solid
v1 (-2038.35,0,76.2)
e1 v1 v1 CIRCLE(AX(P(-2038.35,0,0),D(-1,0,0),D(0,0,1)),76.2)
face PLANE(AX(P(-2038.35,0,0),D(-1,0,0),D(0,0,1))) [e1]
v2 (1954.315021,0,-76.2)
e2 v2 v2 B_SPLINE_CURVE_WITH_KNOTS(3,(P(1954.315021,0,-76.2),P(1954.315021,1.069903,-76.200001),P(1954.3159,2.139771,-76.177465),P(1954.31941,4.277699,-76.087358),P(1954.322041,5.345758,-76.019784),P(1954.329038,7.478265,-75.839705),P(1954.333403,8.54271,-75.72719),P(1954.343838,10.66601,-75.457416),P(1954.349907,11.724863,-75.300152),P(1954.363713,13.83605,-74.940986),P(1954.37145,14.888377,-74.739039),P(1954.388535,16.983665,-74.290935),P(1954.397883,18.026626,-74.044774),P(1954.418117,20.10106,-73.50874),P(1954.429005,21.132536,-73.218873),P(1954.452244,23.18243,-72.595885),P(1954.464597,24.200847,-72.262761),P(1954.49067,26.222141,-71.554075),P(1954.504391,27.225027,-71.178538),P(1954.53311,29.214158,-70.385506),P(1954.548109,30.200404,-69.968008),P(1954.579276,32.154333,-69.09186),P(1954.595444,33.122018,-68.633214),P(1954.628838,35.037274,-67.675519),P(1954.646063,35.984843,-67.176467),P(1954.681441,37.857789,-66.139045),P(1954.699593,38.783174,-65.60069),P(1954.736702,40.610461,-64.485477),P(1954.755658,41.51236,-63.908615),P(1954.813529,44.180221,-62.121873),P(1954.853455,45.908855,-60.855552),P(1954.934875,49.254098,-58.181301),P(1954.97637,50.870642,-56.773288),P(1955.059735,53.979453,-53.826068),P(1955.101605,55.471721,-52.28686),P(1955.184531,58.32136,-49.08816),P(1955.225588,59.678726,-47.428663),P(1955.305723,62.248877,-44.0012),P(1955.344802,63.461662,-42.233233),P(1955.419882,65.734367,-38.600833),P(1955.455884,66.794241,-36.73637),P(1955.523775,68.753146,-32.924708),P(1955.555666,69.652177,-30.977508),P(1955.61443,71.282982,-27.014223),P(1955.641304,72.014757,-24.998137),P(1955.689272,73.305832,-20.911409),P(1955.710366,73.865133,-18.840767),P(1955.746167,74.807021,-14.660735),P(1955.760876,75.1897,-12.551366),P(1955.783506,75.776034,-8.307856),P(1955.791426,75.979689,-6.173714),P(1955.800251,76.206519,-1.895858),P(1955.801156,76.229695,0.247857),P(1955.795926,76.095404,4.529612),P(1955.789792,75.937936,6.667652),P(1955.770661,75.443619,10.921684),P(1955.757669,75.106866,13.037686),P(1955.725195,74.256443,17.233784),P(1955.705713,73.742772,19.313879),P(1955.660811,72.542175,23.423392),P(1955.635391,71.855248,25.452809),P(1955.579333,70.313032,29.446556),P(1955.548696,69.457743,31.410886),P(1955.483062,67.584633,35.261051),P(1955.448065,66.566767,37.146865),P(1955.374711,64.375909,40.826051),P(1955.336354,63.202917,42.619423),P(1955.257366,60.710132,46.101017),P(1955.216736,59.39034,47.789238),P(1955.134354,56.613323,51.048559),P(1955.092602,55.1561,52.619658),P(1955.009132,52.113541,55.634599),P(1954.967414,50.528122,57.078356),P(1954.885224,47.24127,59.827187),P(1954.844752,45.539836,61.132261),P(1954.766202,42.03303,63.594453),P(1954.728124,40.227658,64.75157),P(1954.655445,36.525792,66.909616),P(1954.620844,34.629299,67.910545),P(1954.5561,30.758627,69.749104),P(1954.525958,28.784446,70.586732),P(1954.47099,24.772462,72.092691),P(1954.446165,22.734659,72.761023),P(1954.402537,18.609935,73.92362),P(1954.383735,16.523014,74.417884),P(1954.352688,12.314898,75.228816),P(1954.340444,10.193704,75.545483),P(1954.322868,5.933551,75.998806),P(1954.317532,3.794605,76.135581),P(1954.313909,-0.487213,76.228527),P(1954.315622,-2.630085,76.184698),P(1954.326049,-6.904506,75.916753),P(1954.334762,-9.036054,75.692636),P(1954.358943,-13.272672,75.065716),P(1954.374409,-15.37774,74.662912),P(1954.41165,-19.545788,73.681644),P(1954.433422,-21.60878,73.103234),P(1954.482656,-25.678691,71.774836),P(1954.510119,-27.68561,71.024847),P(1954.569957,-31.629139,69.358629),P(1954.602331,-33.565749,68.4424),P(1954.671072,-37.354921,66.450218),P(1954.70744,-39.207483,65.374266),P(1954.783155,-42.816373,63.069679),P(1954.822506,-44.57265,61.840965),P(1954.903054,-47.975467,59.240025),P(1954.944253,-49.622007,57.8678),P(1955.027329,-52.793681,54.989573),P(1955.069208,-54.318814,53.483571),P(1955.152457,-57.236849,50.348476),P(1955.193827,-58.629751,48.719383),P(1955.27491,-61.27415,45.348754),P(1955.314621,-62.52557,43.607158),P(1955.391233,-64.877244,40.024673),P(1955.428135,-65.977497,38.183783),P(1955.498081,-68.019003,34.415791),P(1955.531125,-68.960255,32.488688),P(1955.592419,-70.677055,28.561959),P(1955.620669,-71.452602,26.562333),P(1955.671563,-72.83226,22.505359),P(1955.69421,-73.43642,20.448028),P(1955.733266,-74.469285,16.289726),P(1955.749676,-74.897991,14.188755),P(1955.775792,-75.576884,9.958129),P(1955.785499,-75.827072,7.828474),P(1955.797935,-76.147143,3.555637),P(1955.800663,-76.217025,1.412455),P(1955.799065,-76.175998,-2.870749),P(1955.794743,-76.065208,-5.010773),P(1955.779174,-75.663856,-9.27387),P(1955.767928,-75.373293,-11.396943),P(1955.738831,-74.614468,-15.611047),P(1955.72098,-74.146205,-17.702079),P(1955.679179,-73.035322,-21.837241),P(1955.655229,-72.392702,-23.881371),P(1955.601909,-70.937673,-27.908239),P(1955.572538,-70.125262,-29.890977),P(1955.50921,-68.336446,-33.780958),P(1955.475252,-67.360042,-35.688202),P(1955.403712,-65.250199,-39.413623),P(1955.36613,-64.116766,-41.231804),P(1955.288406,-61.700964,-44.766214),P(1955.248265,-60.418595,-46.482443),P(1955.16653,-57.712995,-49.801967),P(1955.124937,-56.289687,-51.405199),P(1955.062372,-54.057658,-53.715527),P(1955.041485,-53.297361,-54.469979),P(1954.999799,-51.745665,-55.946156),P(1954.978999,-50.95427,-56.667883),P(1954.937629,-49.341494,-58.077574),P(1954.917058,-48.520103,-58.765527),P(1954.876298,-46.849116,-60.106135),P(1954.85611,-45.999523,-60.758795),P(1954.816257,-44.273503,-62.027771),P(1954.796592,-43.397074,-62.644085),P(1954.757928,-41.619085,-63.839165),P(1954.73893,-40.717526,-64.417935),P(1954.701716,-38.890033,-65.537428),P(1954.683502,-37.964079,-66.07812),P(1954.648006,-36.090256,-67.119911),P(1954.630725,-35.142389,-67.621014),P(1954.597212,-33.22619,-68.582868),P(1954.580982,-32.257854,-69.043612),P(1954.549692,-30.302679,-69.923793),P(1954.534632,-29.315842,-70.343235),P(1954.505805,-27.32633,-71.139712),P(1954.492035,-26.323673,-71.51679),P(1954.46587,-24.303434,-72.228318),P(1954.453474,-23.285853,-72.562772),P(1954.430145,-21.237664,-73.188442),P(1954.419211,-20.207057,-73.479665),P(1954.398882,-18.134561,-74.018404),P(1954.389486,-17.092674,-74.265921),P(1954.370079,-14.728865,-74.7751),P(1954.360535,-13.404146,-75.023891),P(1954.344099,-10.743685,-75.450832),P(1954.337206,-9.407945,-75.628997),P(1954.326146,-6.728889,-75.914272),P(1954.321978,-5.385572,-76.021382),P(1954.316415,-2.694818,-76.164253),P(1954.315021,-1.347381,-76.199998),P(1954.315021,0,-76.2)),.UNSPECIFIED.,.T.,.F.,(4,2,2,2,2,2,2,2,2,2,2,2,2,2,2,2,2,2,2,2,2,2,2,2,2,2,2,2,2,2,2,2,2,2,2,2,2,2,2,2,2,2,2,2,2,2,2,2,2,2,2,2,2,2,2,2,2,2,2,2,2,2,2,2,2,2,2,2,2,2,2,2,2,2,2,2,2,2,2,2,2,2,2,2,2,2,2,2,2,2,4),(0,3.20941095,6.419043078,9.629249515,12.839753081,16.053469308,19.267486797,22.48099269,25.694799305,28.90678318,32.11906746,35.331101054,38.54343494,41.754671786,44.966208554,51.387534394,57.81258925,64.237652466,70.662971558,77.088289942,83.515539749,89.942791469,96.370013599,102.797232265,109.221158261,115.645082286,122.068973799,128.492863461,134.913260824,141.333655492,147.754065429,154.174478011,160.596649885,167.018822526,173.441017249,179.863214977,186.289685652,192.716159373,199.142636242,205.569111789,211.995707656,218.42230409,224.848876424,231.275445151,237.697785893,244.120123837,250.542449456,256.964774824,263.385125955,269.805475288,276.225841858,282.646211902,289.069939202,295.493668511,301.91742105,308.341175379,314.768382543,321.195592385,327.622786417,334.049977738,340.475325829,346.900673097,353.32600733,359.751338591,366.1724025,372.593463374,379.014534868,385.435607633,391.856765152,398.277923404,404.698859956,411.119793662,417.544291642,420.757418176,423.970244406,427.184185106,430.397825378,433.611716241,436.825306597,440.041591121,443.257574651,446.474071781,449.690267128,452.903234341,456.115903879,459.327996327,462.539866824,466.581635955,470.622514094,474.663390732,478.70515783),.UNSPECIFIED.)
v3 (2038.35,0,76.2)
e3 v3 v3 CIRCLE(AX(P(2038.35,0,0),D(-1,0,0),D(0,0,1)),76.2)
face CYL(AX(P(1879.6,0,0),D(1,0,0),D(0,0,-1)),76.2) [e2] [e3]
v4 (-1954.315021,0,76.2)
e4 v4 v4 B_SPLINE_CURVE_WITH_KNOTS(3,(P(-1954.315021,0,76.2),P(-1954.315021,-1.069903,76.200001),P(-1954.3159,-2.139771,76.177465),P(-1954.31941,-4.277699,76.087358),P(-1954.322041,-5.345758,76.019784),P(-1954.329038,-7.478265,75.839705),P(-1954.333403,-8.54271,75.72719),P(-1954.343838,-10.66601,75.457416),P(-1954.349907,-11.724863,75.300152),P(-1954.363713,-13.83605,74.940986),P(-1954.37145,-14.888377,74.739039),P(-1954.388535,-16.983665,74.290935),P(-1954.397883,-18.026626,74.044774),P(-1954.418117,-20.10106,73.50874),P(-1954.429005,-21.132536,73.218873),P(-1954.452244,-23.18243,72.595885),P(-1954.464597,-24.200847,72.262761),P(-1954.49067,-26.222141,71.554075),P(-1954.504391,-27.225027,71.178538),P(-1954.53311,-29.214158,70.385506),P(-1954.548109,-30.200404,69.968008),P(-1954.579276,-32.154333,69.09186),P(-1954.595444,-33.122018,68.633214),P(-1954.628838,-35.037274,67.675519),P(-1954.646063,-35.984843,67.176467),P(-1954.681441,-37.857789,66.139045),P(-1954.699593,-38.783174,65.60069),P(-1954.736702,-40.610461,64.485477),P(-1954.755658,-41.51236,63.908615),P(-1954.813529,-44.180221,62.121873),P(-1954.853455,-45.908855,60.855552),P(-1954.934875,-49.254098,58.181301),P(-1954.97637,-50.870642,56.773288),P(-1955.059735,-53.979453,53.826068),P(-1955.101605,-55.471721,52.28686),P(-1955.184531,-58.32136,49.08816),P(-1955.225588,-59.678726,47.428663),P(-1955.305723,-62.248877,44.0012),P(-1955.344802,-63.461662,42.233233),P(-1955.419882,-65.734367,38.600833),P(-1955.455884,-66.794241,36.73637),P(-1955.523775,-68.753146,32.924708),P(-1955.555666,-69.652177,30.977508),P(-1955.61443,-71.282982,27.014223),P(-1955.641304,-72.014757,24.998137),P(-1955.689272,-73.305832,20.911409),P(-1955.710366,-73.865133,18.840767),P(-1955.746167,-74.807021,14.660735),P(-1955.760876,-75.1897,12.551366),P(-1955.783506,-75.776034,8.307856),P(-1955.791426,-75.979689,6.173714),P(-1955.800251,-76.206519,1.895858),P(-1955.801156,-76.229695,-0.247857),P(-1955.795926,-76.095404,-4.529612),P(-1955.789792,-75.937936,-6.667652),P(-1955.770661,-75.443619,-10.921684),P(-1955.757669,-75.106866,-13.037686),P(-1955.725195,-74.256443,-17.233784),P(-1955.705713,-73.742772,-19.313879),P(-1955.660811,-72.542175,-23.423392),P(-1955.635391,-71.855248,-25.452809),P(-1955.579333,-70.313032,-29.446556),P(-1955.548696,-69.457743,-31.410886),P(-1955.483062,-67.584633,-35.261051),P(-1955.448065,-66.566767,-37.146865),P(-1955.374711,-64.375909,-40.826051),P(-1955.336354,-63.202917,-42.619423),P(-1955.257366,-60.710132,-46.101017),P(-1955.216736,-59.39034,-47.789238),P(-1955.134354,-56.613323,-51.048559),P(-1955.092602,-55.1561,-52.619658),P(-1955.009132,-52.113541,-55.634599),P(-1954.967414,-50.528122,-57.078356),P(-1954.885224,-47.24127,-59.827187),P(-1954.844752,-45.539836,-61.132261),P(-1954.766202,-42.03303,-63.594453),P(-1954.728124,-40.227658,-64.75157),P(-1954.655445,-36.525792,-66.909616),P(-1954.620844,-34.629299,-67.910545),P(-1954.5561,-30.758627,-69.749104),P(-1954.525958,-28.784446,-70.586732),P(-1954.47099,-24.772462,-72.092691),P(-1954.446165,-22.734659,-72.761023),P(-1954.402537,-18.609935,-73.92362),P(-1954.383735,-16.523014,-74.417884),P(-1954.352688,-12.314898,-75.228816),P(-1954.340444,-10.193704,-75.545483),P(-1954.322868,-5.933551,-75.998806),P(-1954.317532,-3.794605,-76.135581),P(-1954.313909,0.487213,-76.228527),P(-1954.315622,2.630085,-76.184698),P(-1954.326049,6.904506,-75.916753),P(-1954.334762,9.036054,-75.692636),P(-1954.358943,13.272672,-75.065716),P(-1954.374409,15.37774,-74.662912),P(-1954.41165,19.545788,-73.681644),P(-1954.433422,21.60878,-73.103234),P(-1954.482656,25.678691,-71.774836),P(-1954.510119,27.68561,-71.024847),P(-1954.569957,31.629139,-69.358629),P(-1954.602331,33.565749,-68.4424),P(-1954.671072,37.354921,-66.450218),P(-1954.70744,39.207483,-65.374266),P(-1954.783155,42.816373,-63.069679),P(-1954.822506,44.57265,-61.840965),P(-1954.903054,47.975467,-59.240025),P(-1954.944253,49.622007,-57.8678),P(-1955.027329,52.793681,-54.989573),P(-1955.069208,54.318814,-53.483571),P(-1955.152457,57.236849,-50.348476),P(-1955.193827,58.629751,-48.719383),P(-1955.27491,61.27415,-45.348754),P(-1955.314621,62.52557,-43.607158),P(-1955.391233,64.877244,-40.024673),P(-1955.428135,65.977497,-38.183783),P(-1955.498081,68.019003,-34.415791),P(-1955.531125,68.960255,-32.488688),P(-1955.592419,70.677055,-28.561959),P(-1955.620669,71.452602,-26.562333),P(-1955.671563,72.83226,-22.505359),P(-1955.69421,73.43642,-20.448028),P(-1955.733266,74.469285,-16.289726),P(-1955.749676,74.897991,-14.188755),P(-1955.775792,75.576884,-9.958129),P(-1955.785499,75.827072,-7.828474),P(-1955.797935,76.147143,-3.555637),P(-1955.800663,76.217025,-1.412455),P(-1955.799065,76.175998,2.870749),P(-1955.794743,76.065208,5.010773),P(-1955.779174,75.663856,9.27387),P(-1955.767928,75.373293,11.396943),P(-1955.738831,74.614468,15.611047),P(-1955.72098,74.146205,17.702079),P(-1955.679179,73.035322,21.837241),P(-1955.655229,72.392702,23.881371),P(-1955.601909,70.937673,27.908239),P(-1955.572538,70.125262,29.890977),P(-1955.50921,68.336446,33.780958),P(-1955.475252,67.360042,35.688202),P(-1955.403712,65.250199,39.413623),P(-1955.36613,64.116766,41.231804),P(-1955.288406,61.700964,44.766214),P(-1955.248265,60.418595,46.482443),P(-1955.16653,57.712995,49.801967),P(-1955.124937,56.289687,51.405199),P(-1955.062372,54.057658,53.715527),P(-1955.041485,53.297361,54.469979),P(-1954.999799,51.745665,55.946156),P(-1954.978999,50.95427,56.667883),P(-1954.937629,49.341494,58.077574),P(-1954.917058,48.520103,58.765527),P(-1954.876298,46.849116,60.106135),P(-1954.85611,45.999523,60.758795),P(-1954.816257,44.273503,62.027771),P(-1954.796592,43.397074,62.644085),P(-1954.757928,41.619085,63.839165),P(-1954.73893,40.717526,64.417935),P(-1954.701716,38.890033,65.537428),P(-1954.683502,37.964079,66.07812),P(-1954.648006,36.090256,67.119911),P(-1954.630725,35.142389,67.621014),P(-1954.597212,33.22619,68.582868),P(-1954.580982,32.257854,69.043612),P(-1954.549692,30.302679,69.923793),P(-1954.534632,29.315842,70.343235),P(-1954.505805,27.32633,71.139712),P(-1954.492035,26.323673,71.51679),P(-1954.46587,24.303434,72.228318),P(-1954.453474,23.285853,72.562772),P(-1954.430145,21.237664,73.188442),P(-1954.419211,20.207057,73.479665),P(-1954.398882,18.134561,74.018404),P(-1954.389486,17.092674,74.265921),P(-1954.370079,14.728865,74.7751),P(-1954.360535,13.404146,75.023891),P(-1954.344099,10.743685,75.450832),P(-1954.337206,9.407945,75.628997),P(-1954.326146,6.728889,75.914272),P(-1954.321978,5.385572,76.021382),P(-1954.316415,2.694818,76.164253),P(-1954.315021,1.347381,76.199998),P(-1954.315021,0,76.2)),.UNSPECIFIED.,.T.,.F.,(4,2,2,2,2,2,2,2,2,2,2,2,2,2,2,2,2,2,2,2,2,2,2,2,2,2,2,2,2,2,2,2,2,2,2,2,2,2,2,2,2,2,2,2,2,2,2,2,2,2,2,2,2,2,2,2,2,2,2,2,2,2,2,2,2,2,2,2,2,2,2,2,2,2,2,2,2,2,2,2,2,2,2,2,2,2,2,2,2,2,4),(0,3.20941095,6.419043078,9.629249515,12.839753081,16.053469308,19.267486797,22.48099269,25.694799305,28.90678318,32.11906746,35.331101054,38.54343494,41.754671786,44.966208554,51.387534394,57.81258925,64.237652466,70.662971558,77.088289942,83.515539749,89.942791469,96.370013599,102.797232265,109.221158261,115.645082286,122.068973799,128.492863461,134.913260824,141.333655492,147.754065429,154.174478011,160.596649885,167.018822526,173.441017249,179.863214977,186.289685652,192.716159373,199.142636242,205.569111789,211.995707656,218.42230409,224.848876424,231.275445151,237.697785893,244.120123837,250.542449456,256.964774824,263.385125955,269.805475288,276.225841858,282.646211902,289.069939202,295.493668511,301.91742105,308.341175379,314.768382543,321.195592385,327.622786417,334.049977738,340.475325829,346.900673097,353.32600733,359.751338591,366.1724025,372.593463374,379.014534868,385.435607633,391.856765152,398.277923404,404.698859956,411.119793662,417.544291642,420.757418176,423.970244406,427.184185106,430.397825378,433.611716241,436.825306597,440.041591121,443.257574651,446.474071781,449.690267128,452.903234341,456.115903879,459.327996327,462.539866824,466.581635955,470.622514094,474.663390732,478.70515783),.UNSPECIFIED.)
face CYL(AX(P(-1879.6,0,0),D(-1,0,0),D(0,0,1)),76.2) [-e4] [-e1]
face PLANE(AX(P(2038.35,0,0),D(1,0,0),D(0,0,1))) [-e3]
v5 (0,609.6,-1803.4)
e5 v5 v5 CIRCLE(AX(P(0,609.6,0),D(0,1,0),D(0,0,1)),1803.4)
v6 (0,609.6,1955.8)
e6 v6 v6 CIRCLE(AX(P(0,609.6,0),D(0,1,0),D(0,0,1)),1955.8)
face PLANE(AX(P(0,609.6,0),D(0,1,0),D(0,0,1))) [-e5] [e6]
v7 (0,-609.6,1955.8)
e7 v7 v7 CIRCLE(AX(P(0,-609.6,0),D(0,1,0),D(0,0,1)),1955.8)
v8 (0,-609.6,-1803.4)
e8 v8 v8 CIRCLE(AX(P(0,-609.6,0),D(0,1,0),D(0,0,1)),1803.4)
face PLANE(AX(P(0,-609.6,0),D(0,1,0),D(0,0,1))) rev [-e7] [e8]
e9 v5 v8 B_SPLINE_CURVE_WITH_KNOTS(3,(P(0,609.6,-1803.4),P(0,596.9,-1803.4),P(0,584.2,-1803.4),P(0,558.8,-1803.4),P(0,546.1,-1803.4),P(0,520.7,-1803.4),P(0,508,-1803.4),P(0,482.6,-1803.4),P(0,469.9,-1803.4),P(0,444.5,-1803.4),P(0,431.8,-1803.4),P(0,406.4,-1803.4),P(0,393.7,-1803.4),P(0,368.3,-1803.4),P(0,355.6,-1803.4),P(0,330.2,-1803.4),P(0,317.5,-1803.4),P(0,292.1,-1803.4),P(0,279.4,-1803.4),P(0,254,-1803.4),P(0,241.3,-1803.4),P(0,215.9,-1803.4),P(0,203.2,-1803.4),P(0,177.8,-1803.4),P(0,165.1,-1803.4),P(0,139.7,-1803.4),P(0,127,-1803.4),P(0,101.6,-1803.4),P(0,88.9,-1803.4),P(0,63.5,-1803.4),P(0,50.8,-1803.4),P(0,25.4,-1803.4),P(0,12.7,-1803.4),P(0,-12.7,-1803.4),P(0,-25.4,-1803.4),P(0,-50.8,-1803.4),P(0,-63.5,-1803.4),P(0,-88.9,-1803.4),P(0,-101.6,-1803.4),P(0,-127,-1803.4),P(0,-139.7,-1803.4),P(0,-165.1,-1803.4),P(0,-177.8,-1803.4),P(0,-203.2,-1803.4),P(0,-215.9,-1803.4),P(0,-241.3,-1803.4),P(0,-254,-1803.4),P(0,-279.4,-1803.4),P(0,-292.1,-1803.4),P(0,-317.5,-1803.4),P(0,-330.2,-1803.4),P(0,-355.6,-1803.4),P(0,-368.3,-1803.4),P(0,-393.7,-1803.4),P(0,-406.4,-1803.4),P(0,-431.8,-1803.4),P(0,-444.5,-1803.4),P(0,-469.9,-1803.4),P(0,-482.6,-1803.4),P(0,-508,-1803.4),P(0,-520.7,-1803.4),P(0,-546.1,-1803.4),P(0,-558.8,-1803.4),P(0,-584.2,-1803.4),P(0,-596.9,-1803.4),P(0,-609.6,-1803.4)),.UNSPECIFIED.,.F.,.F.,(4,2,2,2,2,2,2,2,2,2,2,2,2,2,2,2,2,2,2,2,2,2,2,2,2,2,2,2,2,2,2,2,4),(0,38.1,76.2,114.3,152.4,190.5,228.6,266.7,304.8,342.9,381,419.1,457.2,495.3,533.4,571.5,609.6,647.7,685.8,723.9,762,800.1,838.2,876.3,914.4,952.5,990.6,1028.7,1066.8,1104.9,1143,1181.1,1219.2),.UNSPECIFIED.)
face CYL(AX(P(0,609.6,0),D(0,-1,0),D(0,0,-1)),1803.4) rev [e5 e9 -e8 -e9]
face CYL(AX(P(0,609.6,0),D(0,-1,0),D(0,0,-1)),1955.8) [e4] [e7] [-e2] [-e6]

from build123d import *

# Parameters (mm, degrees)
SKETCH1_R           = 1955.8
SKETCH1_R_2         = 1803.4
BOSS_EXTRUDE1_DEPTH = 609.6
BOSS_EXTRUDE2_START = -76.2
SKETCH2_R           = 76.2
BOSS_EXTRUDE2_DEPTH = 158.75


with BuildPart() as part:
    # Sketch1 → Boss-Extrude1 (new, symmetric)
    with BuildSketch(Plane(origin=(0, 0, 0), x_dir=(1, 0, 0), z_dir=(0, 1, 0))):
        with Locations(Location((0, 0, 0), (0, 0, 90))):
            Circle(SKETCH1_R)
        with Locations(Location((0, 0, 0), (0, 0, 90))):
            Circle(SKETCH1_R_2, mode=Mode.SUBTRACT)
    extrude(amount=BOSS_EXTRUDE1_DEPTH, both=True)

    # Sketch2 → Boss-Extrude2 (add)
    with BuildSketch(Plane.ZY.offset(1955.8).offset(BOSS_EXTRUDE2_START)):
        Circle(SKETCH2_R)
    boss_extrude2 = extrude(amount=BOSS_EXTRUDE2_DEPTH)

    # Mirror1: Boss-Extrude2 across plane
    add(boss_extrude2.mirror(Plane(origin=(0, 0, 0), x_dir=(0, 0, 1), z_dir=(1, 0, 0))))


solid = part.part
